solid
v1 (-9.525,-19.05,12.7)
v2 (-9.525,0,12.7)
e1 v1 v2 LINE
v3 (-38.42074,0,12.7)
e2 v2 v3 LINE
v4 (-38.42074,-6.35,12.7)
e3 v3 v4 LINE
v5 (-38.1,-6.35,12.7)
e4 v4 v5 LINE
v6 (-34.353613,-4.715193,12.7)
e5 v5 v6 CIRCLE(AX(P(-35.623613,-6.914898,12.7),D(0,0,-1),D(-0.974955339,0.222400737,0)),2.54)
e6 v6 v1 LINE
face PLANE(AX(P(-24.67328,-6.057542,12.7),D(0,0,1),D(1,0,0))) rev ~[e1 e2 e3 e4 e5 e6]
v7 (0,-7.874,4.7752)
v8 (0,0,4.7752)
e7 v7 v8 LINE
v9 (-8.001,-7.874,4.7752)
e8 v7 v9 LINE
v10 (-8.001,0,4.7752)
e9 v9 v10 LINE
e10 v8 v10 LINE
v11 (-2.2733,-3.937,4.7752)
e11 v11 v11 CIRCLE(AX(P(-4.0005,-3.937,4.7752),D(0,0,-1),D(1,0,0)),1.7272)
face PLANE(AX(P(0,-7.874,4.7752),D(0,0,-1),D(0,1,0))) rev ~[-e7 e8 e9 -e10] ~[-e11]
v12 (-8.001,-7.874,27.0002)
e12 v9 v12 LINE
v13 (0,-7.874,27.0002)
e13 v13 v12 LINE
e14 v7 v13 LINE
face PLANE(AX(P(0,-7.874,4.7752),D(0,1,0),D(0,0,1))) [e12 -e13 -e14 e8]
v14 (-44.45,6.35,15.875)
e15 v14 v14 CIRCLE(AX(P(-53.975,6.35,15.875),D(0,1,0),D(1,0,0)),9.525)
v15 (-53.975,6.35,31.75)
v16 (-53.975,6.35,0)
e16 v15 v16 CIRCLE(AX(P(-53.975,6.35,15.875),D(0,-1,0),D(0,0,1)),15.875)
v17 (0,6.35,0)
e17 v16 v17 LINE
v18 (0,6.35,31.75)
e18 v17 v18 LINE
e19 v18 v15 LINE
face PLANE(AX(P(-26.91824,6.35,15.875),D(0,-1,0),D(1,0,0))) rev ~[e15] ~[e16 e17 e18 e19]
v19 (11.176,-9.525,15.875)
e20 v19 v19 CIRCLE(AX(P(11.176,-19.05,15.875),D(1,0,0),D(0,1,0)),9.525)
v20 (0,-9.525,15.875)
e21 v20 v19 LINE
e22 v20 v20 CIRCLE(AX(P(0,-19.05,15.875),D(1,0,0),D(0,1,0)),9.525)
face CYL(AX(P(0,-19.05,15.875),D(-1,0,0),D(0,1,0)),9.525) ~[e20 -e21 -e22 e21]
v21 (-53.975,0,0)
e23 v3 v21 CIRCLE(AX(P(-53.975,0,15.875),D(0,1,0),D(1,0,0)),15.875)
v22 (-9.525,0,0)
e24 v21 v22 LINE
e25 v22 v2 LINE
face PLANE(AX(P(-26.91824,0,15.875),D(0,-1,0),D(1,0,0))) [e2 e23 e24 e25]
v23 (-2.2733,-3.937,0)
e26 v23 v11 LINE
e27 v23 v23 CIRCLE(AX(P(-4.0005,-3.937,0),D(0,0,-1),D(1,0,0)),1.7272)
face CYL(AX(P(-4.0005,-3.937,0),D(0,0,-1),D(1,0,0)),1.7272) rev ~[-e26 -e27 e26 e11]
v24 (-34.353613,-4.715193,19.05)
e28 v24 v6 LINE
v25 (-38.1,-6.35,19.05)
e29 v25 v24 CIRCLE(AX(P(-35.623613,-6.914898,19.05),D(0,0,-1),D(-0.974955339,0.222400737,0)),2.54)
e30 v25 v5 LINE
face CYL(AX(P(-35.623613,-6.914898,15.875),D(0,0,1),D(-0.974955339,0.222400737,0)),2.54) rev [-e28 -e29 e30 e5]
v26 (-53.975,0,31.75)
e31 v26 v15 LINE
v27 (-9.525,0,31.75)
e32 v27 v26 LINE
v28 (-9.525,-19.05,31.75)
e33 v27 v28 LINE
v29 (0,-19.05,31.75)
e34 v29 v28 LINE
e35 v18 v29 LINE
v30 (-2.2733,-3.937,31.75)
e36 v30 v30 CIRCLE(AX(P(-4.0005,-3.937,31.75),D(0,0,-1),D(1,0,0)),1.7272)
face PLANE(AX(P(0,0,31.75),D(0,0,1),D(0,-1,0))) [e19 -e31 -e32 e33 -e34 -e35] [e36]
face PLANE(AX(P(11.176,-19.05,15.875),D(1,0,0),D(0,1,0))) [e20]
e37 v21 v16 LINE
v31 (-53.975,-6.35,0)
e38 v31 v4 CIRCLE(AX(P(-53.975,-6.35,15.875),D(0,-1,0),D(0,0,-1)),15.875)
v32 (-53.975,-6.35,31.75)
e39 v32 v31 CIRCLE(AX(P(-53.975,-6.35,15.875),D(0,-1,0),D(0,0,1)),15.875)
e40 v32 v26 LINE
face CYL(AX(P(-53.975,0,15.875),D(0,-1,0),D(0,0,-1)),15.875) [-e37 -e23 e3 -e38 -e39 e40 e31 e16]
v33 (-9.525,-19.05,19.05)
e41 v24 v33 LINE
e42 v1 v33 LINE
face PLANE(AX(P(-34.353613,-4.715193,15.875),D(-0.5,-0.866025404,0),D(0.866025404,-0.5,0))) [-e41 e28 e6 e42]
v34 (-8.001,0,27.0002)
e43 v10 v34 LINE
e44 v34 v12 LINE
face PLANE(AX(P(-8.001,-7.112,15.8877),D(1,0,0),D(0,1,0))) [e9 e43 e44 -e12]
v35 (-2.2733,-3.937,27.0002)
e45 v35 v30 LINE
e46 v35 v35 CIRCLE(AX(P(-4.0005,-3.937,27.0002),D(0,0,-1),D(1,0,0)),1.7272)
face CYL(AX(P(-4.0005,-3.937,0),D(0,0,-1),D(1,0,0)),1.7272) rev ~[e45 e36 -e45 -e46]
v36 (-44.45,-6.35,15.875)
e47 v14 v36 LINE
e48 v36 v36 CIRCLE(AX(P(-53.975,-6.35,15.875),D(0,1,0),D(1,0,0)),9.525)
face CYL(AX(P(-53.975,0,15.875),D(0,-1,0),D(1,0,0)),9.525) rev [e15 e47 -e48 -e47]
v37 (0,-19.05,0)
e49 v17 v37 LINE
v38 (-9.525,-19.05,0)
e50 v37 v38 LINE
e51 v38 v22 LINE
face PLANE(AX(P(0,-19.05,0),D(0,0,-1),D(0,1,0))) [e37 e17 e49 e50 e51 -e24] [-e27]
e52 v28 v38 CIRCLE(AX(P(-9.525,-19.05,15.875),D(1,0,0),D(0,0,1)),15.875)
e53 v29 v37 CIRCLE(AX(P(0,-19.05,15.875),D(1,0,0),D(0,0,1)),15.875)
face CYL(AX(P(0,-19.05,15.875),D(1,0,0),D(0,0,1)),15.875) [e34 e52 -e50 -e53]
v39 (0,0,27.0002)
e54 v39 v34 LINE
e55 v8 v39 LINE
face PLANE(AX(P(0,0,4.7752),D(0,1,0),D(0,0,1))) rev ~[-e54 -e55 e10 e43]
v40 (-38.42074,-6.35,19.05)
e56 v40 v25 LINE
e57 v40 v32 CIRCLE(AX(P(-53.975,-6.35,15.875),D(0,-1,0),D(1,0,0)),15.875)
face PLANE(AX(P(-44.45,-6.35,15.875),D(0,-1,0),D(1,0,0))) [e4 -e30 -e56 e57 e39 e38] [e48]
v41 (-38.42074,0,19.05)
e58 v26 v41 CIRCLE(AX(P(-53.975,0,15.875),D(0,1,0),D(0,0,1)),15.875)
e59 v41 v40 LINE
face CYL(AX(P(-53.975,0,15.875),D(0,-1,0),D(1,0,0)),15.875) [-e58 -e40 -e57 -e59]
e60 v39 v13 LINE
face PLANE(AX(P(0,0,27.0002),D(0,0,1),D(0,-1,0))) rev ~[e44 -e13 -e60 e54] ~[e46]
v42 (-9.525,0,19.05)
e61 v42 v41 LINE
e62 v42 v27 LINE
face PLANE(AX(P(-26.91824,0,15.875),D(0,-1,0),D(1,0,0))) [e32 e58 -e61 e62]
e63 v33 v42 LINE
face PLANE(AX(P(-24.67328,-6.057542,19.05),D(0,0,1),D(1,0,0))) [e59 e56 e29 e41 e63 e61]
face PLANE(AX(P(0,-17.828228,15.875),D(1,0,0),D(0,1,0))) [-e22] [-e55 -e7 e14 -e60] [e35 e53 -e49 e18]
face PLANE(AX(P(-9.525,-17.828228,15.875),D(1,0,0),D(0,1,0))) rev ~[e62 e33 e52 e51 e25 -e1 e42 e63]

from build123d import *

# Parameters (mm, degrees)
F1_DEPTH  = 6.35
F2_DEPTH  = 6.35
F4_R      = 9.525
F4_W      = 6.35
F4_H      = 31.75
F5_DEPTH  = 9.525
F6_DEPTH  = 11.176
F8_DEPTH  = 3.175
F9_W      = 1.524
F9_H      = 22.225
F9_W_2    = 6.35
F10_DEPTH = 8.001
F11_R     = 1.7272
F12_DEPTH = 31.751


with BuildPart() as f1:
    # F0 (on Front) → F1 (new body, symmetric)
    with BuildSketch(Plane.XZ):
        with BuildLine():
            Line((-53.975, 6.35), (-53.975, 0))
            ThreePointArc((-53.975, 0), (-42.7496798487, 4.6496798487), (-38.1, 15.875))
            ThreePointArc((-38.1, 15.875), (-42.7496798487, 27.1003201513), (-53.975, 31.75))
            Line((-53.975, 31.75), (-53.975, 25.4))
            ThreePointArc((-53.975, 25.4), (-47.2398079092, 22.6101920908), (-44.45, 15.875))
            ThreePointArc((-44.45, 15.875), (-47.2398079092, 9.1398079092), (-53.975, 6.35))
        make_face()
        with BuildLine():
            ThreePointArc((-53.975, 31.75), (-69.85, 15.875), (-53.975, 0))
            Line((-53.975, 0), (-53.975, 6.35))
            ThreePointArc((-53.975, 6.35), (-63.5, 15.875), (-53.975, 25.4))
            Line((-53.975, 25.4), (-53.975, 31.75))
        make_face()
    extrude(amount=F1_DEPTH, both=True)

    # F0 (on Front) → F2 (join)
    with BuildSketch(Plane.XZ):
        with BuildLine():
            Line((-53.975, 0), (0, 0))
            Line((0, 0), (0, 31.75))
            Line((0, 31.75), (-53.975, 31.75))
            ThreePointArc((-53.975, 31.75), (-42.7496798487, 27.1003201513), (-38.1, 15.875))
            ThreePointArc((-38.1, 15.875), (-42.7496798487, 4.6496798487), (-53.975, 0))
        make_face()
    extrude(amount=-F2_DEPTH)

    # F4 (on face) → F5 (join)
    with BuildSketch(Plane.YZ):
        with BuildLine():
            Line((-19.05, 0), (-6.35, 0))
            Line((-6.35, 0), (-6.35, 31.75))
            Line((-6.35, 31.75), (-19.05, 31.75))
            ThreePointArc((-19.05, 31.75), (-34.925, 15.875), (-19.05, 0))
        make_face()
        with Locations((-19.05, 15.875)):
            Circle(F4_R, mode=Mode.SUBTRACT)
        with Locations((-3.175, 15.875)):
            Rectangle(F4_W, F4_H)
        with Locations((-19.05, 15.875)):
            Circle(F4_R)
    extrude(amount=-F5_DEPTH)

    # F4 (on face) → F6 (join)
    with BuildSketch(Plane.YZ):
        with Locations((-19.05, 15.875)):
            Circle(F4_R)
    extrude(amount=F6_DEPTH)

    # F7 (on line) → F8 (join, symmetric)
    with BuildSketch(Plane.XY.offset(15.875)):
        with BuildLine():
            Line((-34.3536134401, -4.7151933467), (-9.525, -19.05))
            Line((-9.525, -19.05), (-9.525, 0))
            Line((-9.525, 0), (-38.1, 0))
            Line((-38.1, 0), (-44.45, 0))
            Line((-44.45, 0), (-44.45, -6.35))
            Line((-44.45, -6.35), (-38.1, -6.35))
            ThreePointArc((-38.1, -6.35), (-36.6394826893, -4.5868923593), (-34.3536134401, -4.7151933467))
        make_face()
    extrude(amount=F8_DEPTH, both=True)

    # F9 (on face) → F10 (cut)
    with BuildSketch(Plane.YZ):
        with Locations((-7.112, 15.8877)):
            Rectangle(F9_W, F9_H)
        with Locations((-3.175, 15.8877)):
            Rectangle(F9_W_2, F9_H)
    extrude(amount=-F10_DEPTH, mode=Mode.SUBTRACT)

    # F11 (on face) → F12 (cut, through all)
    with BuildSketch(Plane(origin=(0, 0, 0), x_dir=(1, 0, 0), z_dir=(0, 0, -1))):
        with Locations((-4.0005, 3.937)):
            Circle(F11_R)
    extrude(amount=-F12_DEPTH, mode=Mode.SUBTRACT)


solid = f1.part
